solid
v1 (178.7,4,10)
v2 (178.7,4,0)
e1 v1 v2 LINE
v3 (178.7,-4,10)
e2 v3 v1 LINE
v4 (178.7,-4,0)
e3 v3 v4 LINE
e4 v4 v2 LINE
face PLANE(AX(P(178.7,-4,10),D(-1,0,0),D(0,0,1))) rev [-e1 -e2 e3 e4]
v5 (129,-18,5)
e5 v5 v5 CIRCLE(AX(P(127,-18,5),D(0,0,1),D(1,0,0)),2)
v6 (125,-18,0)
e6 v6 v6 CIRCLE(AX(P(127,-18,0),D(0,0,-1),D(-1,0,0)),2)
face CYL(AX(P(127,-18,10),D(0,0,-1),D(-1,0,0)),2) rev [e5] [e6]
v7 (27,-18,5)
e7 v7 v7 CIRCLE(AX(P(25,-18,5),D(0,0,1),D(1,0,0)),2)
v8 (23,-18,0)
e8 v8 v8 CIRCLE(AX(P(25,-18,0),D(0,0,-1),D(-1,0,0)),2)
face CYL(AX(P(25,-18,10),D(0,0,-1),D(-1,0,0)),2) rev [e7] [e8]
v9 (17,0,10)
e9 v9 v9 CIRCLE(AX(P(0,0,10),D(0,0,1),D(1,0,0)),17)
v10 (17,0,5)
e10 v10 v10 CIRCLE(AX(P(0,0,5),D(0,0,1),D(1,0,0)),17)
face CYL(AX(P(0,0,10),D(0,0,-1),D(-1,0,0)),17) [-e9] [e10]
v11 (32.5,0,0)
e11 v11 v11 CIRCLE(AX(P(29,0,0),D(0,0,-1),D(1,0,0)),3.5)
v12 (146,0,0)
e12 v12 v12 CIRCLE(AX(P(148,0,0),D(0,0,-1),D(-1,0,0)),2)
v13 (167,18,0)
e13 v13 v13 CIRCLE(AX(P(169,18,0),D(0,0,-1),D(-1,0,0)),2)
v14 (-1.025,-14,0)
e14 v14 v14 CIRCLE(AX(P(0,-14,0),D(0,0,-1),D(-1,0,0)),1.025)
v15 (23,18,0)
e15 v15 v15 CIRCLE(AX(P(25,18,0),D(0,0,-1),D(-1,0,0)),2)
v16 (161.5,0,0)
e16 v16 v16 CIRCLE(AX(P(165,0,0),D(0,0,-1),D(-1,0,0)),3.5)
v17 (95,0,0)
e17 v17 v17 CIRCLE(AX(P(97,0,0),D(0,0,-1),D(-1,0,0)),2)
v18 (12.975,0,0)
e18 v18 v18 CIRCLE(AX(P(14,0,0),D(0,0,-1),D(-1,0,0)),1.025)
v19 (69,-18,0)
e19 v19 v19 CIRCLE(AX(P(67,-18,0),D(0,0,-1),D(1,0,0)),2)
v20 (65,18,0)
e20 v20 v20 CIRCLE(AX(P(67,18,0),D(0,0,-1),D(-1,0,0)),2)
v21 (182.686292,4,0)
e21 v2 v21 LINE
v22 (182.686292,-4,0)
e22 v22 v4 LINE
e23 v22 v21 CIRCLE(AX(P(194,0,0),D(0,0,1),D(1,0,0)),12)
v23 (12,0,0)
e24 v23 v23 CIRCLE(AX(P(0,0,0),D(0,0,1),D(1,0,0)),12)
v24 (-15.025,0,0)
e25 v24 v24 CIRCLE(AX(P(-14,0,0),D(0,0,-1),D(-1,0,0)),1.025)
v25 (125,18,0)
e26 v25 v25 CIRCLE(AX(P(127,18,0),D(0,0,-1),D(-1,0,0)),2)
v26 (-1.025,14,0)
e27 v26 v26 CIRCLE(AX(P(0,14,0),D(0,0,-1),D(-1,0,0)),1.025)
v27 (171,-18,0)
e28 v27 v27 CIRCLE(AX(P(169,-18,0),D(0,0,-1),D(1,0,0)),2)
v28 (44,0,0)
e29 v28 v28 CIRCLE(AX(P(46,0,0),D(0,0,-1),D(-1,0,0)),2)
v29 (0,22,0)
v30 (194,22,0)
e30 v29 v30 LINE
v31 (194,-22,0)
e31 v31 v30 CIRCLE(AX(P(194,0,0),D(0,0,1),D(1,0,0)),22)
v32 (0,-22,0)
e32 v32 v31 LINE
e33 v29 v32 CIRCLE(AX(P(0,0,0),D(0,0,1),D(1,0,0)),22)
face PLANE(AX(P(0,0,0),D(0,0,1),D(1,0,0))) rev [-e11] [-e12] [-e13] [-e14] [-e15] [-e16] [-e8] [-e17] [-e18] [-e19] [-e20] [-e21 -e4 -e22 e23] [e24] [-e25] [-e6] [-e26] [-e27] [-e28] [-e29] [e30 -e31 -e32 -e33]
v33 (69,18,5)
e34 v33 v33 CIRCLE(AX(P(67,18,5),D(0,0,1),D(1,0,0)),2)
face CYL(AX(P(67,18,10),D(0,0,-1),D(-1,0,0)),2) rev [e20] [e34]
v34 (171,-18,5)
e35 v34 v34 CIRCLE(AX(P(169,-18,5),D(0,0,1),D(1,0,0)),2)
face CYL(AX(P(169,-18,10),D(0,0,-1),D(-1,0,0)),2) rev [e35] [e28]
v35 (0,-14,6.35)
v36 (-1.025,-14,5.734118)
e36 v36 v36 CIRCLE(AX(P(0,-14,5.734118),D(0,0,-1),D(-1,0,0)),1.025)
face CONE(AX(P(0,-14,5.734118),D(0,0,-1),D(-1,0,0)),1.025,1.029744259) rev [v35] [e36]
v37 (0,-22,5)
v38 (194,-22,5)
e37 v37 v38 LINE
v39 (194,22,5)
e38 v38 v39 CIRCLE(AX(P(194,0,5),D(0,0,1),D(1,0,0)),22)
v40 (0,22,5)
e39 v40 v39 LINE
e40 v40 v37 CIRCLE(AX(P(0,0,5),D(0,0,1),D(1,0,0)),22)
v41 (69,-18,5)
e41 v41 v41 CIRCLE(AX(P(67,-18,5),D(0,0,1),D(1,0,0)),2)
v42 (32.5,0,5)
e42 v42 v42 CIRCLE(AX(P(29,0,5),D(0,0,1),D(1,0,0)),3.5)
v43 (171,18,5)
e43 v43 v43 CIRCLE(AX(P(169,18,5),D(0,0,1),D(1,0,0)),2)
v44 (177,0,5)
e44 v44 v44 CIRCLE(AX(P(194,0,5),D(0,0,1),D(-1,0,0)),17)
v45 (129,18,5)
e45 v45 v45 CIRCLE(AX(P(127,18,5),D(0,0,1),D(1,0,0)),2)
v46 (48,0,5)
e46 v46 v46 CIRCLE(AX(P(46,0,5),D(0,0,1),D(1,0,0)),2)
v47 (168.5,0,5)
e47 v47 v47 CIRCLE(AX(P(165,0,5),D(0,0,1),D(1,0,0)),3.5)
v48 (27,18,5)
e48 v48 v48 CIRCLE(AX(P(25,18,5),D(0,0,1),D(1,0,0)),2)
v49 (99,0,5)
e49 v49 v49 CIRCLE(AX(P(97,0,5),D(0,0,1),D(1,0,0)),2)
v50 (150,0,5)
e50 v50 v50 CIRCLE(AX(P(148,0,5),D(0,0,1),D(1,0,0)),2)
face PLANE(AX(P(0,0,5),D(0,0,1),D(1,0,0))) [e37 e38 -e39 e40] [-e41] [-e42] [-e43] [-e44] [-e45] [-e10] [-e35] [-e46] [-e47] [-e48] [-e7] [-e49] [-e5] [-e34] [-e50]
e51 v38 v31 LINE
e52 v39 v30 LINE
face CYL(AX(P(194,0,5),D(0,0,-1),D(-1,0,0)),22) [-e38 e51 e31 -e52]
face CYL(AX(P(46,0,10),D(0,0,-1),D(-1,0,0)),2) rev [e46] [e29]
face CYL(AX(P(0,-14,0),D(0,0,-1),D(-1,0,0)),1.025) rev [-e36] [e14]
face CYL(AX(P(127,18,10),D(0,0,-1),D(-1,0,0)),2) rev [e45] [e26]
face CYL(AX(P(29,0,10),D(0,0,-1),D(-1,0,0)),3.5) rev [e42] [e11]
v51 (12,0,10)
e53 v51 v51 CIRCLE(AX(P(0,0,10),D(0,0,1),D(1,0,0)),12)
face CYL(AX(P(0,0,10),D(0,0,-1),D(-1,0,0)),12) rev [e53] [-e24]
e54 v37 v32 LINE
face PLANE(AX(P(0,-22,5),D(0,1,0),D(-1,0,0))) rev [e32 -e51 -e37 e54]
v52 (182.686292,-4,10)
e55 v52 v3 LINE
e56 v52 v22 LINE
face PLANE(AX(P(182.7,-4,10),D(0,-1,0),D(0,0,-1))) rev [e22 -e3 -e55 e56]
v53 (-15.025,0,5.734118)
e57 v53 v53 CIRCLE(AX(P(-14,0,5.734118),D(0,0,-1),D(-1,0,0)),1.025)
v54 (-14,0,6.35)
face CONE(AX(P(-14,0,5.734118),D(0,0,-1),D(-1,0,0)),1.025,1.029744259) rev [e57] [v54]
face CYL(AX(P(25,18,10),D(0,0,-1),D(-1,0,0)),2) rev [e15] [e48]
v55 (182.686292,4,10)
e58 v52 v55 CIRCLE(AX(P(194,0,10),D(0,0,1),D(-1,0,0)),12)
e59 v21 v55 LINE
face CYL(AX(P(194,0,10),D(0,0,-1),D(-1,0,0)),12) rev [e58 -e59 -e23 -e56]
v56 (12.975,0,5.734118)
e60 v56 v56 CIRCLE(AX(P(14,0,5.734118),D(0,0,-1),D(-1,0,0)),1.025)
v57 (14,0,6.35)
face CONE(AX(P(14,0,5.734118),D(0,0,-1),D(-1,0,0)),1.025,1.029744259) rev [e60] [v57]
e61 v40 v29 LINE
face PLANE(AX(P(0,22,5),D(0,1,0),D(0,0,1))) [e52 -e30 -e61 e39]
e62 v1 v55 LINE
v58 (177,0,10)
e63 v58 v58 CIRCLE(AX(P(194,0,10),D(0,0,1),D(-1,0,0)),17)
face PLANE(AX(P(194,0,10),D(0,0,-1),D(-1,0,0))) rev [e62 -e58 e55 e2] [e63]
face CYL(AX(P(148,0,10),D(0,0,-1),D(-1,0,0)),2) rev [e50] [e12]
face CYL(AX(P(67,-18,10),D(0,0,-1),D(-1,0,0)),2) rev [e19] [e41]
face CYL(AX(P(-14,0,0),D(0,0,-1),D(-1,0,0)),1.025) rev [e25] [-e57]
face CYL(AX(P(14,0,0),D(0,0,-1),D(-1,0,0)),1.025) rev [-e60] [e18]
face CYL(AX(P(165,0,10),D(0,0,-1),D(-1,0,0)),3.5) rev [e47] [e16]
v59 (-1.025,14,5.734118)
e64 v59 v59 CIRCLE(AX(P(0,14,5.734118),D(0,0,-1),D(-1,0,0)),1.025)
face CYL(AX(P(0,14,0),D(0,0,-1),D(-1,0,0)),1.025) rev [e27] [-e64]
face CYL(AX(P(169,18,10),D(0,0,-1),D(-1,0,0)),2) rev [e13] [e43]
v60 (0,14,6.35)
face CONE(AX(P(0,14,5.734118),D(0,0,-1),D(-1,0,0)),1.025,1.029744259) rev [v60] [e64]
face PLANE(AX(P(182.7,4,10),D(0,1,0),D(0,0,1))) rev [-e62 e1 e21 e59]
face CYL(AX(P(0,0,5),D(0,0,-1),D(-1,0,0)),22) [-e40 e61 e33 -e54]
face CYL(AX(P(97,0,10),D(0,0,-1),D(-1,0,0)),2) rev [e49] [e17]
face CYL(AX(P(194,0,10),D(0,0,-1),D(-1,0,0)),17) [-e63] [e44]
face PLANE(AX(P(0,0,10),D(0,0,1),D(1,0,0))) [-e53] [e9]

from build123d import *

# Parameters (mm, degrees)
BOSS_EXTRUDE1_DEPTH     = 5
SKETCH2_R               = 17
SKETCH2_R_2             = 12
BOSS_EXTRUDE2_DEPTH     = 5
SKETCH3_R               = 12
CUT_EXTRUDE1_DEPTH      = 6
SKETCH5_R               = 2
SKETCH5_R_2             = 3.5
CUT_EXTRUDE2_DEPTH      = 10
SKETCH9_W               = 4
SKETCH9_H               = 8
CUT_EXTRUDE4_DEPTH      = 10
M2_5_TAPPED_HOLE1_D     = 2.05
M2_5_TAPPED_HOLE1_DEPTH = 5.734117865
M2_5_TAPPED_HOLE1_TIP   = 0.615882135


with BuildPart() as part:
    # Sketch1 → Boss-Extrude1 (new body)
    with BuildSketch(Plane.XY):
        with BuildLine():
            Line((194, 22), (0, 22))
            ThreePointArc((0, 22), (-22, 0), (0, -22))
            Line((0, -22), (194, -22))
            ThreePointArc((194, -22), (216, 0), (194, 22))
        make_face()
    extrude(amount=BOSS_EXTRUDE1_DEPTH)

    # Sketch2 → Boss-Extrude2 (add)
    with BuildSketch(Plane.XY.offset(5)):
        Circle(SKETCH2_R)
        Circle(SKETCH2_R_2, mode=Mode.SUBTRACT)
        with Locations((194, 0)):
            Circle(SKETCH2_R)
        with Locations((194, 0)):
            Circle(SKETCH2_R_2, mode=Mode.SUBTRACT)
    extrude(amount=BOSS_EXTRUDE2_DEPTH)

    # Sketch3 → Cut-Extrude1 (cut)
    with BuildSketch(Plane.XY.offset(5)):
        with Locations((194, 0)):
            Circle(SKETCH3_R)
        Circle(SKETCH3_R)
    extrude(amount=-CUT_EXTRUDE1_DEPTH, mode=Mode.SUBTRACT)

    # Sketch5 → Cut-Extrude2 (cut)
    with BuildSketch(Plane(origin=(0, 0, 0), x_dir=(-1, 0, 0), z_dir=(0, 0, -1))):
        with Locations((-169, 18)):
            Circle(SKETCH5_R)
        with Locations((-67, 18)):
            Circle(SKETCH5_R)
        with Locations((-67, -18)):
            Circle(SKETCH5_R)
        with Locations((-169, -18)):
            Circle(SKETCH5_R)
        with Locations((-127, 18)):
            Circle(SKETCH5_R)
        with Locations((-127, -18)):
            Circle(SKETCH5_R)
        with Locations((-25, 18)):
            Circle(SKETCH5_R)
        with Locations((-25, -18)):
            Circle(SKETCH5_R)
        with Locations((-148, 0)):
            Circle(SKETCH5_R)
        with Locations((-97, 0)):
            Circle(SKETCH5_R)
        with Locations((-46, 0)):
            Circle(SKETCH5_R)
        with Locations((-165, 0)):
            Circle(SKETCH5_R_2)
        with Locations((-29, 0)):
            Circle(SKETCH5_R_2)
    extrude(amount=-CUT_EXTRUDE2_DEPTH, mode=Mode.SUBTRACT)

    # Sketch9 → Cut-Extrude4 (cut)
    with BuildSketch(Plane(origin=(0, 0, 0), x_dir=(-1, 0, 0), z_dir=(0, 0, -1))):
        with Locations((-180.7, 0)):
            Rectangle(SKETCH9_W, SKETCH9_H)
    extrude(amount=-CUT_EXTRUDE4_DEPTH, mode=Mode.SUBTRACT)

    # M2.5 Tapped Hole1
    with Locations(Plane(origin=(0, 0, 0), x_dir=(-1, 0, 0), z_dir=(0, 0, -1))):
        with Locations((0, 14), (14, 0), (0, -14), (-14, 0)):
            Hole(M2_5_TAPPED_HOLE1_D / 2, depth=M2_5_TAPPED_HOLE1_DEPTH)
            with Locations((0, 0, -(M2_5_TAPPED_HOLE1_DEPTH + M2_5_TAPPED_HOLE1_TIP / 2))):  # 118° drill point
                Cone(0, M2_5_TAPPED_HOLE1_D / 2, M2_5_TAPPED_HOLE1_TIP, mode=Mode.SUBTRACT)


solid = part.part
